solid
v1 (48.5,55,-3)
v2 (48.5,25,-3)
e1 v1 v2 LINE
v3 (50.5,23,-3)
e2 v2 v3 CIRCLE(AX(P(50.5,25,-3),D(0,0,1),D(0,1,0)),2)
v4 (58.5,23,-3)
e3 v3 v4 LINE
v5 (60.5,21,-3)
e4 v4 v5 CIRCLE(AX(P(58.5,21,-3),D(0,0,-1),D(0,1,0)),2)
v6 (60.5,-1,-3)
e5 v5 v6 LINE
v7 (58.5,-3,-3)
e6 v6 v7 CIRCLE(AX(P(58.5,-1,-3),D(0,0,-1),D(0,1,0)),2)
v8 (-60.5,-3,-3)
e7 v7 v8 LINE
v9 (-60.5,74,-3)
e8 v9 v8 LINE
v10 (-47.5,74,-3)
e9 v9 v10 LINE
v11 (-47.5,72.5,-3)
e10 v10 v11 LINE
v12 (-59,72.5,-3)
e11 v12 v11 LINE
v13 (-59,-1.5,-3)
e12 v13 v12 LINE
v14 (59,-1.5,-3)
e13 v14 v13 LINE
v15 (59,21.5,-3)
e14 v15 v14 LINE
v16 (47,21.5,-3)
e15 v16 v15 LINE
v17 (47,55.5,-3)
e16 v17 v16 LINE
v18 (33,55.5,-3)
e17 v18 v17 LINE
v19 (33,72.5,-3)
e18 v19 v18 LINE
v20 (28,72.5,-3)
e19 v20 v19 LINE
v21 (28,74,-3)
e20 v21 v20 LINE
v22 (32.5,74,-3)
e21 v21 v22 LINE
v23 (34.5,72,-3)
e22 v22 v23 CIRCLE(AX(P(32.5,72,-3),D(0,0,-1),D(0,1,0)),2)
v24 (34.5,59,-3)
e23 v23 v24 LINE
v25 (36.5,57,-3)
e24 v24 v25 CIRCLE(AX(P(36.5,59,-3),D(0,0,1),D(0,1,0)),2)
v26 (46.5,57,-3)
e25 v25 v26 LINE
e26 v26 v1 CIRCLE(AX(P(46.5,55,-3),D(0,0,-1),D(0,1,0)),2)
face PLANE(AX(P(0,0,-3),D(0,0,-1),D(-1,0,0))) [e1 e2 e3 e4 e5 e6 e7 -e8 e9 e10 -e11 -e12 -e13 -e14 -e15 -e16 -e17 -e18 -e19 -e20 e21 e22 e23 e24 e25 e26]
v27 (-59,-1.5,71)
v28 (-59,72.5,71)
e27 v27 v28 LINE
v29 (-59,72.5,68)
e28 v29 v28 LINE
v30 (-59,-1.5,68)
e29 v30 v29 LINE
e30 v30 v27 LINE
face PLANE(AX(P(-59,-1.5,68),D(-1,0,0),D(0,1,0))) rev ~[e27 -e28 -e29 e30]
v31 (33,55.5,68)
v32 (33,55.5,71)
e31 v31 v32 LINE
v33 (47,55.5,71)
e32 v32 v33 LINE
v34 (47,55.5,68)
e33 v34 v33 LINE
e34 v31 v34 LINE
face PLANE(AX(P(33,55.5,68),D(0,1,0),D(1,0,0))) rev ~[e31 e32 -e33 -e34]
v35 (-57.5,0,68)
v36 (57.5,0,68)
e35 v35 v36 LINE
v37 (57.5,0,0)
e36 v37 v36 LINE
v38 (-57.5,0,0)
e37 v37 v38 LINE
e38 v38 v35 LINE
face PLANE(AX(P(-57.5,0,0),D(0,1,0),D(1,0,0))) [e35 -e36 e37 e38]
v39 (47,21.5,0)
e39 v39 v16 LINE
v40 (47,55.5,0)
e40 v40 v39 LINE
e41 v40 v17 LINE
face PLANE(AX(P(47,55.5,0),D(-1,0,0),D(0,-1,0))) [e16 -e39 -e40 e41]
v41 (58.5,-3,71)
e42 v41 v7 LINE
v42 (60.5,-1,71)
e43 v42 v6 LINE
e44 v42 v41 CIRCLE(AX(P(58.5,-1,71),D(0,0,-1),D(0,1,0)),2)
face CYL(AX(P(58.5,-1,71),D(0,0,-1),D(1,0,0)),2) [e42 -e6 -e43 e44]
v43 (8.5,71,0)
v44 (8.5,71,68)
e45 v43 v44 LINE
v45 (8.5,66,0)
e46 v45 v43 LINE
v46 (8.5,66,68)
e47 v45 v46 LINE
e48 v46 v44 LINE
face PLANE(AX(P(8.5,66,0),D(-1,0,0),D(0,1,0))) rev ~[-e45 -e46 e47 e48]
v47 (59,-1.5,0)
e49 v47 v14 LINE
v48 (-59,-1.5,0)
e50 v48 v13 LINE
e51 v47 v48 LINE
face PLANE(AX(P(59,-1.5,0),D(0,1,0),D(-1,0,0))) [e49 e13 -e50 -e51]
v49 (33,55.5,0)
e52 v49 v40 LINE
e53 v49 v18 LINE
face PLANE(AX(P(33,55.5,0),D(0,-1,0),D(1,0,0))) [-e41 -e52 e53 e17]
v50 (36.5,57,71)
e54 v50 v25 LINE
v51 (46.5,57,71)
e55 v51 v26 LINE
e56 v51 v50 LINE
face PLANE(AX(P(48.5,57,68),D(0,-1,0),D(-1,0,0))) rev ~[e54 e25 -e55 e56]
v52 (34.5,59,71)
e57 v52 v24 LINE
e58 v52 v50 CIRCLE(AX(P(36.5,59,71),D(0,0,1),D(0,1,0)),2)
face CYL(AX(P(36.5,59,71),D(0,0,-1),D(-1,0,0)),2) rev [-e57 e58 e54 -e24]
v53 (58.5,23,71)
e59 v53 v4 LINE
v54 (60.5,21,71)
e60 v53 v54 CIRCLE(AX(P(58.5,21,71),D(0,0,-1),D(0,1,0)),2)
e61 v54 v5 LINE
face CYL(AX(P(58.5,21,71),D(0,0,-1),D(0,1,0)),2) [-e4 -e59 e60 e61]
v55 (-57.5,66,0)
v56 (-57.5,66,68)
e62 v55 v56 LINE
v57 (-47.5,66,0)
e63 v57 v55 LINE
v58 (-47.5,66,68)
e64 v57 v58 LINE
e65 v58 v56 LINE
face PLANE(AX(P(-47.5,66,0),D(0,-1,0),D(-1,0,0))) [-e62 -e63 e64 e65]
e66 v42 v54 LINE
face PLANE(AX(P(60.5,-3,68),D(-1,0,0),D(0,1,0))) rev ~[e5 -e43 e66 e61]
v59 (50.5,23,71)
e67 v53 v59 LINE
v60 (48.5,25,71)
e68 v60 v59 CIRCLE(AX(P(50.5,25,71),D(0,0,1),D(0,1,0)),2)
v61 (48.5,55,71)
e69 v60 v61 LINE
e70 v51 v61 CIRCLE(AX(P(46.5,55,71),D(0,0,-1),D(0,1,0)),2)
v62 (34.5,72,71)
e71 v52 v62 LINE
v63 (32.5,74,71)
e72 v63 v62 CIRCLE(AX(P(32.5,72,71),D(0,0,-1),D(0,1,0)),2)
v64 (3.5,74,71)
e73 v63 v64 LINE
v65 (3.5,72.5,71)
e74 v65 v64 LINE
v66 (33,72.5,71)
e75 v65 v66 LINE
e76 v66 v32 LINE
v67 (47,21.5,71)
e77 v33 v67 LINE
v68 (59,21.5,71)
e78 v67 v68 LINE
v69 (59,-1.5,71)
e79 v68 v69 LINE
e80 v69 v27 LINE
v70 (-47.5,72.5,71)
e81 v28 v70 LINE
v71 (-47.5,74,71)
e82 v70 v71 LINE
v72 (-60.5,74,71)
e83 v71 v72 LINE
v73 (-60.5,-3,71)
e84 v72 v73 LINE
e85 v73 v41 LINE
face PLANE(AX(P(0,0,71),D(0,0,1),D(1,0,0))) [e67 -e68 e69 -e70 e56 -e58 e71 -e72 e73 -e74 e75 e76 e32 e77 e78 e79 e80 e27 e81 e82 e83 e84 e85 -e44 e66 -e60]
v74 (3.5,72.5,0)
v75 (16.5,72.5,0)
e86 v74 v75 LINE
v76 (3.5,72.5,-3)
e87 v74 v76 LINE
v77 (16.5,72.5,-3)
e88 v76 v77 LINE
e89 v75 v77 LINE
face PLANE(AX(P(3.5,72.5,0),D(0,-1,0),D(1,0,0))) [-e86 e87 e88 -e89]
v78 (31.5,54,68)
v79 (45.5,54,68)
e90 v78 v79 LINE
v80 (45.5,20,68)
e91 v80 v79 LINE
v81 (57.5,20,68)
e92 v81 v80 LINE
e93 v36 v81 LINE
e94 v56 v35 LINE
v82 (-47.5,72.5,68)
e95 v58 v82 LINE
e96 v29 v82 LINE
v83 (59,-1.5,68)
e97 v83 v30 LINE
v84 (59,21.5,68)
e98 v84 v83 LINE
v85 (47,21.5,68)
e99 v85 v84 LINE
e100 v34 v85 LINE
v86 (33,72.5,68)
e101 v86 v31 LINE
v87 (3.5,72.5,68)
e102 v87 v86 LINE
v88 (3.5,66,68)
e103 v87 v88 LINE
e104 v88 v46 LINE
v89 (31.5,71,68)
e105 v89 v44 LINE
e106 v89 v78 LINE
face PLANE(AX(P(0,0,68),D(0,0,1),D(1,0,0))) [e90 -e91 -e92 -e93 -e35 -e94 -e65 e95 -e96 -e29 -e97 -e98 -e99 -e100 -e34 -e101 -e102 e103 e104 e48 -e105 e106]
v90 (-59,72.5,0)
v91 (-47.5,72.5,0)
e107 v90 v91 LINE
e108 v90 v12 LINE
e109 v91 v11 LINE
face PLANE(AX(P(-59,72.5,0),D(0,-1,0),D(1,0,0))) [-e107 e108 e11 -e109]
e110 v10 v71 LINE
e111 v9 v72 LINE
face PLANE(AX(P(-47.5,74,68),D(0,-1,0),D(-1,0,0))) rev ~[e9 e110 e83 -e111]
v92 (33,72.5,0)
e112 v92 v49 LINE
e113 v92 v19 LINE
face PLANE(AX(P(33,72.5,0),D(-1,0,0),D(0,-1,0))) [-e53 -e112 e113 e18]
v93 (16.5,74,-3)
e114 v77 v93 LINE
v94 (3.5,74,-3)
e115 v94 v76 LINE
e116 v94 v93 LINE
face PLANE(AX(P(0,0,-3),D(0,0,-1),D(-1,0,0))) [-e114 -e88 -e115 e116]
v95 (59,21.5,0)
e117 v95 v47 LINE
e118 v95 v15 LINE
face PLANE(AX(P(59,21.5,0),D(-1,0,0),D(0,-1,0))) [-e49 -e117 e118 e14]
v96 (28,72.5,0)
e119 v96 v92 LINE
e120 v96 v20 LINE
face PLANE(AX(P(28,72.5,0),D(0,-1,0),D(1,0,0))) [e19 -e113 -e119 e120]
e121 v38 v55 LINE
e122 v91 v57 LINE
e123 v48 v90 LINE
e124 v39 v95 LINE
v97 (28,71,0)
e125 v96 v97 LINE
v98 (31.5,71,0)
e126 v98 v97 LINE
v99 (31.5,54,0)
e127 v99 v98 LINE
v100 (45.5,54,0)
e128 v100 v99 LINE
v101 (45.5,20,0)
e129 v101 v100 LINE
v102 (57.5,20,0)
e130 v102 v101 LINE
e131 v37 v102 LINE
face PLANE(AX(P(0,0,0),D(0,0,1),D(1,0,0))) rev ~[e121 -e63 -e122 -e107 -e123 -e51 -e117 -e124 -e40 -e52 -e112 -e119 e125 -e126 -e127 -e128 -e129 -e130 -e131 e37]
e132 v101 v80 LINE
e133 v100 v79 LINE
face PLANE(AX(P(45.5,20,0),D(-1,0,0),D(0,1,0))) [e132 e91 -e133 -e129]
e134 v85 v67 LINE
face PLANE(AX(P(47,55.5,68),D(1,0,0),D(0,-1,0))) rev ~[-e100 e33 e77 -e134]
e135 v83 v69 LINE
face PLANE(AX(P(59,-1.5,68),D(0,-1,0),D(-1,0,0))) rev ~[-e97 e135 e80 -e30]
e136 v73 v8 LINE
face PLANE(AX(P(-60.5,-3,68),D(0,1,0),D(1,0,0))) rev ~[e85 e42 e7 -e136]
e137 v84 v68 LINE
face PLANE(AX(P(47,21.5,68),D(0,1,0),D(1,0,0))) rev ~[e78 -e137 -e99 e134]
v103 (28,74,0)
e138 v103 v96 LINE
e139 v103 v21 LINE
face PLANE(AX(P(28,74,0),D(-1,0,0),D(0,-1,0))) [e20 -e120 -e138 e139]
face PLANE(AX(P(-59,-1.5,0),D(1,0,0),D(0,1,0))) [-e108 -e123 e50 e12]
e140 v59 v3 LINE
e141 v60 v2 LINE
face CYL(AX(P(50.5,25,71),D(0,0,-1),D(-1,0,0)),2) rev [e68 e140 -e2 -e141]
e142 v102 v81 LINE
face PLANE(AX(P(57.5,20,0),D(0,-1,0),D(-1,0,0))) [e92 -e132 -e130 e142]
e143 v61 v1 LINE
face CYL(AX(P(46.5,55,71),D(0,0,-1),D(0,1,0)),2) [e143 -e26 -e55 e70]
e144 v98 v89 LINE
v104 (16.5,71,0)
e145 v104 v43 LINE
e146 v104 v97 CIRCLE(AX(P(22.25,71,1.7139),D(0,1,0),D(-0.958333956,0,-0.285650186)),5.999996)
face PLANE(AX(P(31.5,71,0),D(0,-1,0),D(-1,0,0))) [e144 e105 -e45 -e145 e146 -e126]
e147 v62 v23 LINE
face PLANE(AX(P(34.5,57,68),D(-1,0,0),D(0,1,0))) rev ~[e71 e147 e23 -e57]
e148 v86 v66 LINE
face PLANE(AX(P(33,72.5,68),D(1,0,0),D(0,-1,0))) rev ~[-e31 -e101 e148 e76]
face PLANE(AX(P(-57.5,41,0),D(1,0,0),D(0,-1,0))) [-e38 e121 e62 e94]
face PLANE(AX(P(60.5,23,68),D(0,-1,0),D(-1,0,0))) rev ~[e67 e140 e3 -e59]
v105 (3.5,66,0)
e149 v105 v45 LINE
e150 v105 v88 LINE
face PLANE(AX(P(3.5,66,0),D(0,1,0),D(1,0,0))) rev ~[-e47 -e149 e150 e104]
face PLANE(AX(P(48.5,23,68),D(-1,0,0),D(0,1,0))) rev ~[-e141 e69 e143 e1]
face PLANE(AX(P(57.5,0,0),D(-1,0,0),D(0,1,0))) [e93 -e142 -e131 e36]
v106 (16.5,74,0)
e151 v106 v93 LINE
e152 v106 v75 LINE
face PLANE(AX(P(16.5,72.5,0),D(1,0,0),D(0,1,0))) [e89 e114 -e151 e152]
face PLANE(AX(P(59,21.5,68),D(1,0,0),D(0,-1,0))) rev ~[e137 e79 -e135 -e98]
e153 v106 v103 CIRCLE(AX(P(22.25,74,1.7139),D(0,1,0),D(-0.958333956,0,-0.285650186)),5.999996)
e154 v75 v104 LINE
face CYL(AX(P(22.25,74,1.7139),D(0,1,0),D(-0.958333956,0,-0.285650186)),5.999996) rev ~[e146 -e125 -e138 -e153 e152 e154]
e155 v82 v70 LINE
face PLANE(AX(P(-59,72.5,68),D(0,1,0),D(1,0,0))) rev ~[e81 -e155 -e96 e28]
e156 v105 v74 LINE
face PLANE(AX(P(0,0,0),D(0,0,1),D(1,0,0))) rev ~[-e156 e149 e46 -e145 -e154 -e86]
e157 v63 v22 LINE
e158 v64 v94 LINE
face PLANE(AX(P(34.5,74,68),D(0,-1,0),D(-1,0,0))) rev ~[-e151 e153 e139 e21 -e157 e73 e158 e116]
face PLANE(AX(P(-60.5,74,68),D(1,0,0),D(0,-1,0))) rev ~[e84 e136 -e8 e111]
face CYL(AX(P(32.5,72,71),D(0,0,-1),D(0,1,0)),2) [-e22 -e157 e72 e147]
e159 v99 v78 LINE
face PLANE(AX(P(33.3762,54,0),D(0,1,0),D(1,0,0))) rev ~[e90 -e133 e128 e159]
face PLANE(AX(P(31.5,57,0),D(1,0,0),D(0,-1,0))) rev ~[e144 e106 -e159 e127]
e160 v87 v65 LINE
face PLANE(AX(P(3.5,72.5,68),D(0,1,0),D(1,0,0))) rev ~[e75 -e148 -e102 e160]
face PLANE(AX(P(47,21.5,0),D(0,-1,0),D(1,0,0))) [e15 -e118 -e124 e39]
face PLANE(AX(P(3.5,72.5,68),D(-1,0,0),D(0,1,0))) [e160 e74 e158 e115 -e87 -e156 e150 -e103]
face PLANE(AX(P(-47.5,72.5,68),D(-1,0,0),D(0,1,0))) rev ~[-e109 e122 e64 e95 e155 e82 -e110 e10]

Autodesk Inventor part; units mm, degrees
ref_plane "YZ Plane" through (0, 0, 0) normal (1, 0, 0) x (0, 1, 0)
ref_plane "XZ Plane" through (0, 0, 0) normal (0, 1, 0) x (-1, 0, 0)
ref_plane "XY Plane" through (0, 0, 0) normal (0, 0, 1) x (1, 0, 0)
sketch "Skizze1" plane through (0, 0, 0) normal (0, 0, 1) x (1, 0, 0)
  line L0 (-57.5, 0) -> (57.5, 0)
  line L1 (57.5, 0) -> (57.5, 20)
  line L2 (57.5, 20) -> (45.5, 20)
  line L3 (45.5, 20) -> (45.5, 54)
  line L4 (-57.5, 41) -> (-57.5, 0)
  line L5 (-57.5, 41) -> (-57.5, 41)
  line L6 (-57.5, 54) -> (-57.5, 54)
  line L7 (-57.5, 54) -> (-57.5, 41)
  line L8 (31.5, 71) -> (31.5, 54)
  line L9 (31.5, 54) -> (45.5, 54)
  circle A0 centre (-52, 2.832) radius 1.25
  circle A1 centre (30.6262, 2.832) radius 1.25
  circle A2 centre (30.6262, 51.168) radius 1.25
  circle A3 centre (-44.507, 51.168) radius 1.25
  line L10 (33.3762, 2.832) -> (33.3762, 0)
  line L11 (33.3762, 0) -> (27.8762, 0)
  line L12 (27.8762, 0) -> (27.8762, 2.832)
  arc A4 (33.3762, 2.832) -> (27.8762, 2.832) centre (30.6262, 2.832) ccw
  line L13 (-49.25, 0) -> (-49.25, 2.832)
  line L14 (-54.75, 0) -> (-54.75, 2.832)
  line L15 (-49.25, 0) -> (-54.75, 0)
  arc A5 (-49.25, 2.832) -> (-54.75, 2.832) centre (-52, 2.832) ccw
  line L16 (33.3762, 51.168) -> (33.3762, 54)
  line L17 (33.3762, 54) -> (27.8762, 54)
  line L18 (27.8762, 54) -> (27.8762, 51.168)
  arc A6 (27.8762, 51.168) -> (33.3762, 51.168) centre (30.6262, 51.168) ccw
  line L19 (-41.757, 51.168) -> (-41.757, 54)
  line L20 (-41.757, 54) -> (-47.257, 54)
  line L21 (-47.257, 54) -> (-47.257, 51.168)
  arc A7 (-47.257, 51.168) -> (-41.757, 51.168) centre (-44.507, 51.168) ccw
  line L22 (-57.5, 54) -> (31.5, 54)
  line L23 (31.5, 54) -> (31.5, 57)
  line L24 (31.5, 57) -> (-57.5, 57)
  line L25 (-57.5, 57) -> (-57.5, 54)
  line L26 (31.5, 71) -> (-57.5, 71)
  line L27 (-57.5, 71) -> (-57.5, 54)
  line L28 (48.5, 23) -> (60.5, 23)
  line L29 (60.5, 23) -> (60.5, -3)
  line L30 (60.5, -3) -> (-60.5, -3)
  line L31 (-60.5, -3) -> (-60.5, 44)
  line L32 (-60.5, 44) -> (-60.5, 44)
  line L33 (-60.5, 44) -> (-60.5, 57)
  line L34 (-60.5, 57) -> (-60.5, 57)
  line L35 (-60.5, 57) -> (-60.5, 74)
  line L36 (-60.5, 74) -> (34.5, 74)
  line L37 (34.5, 74) -> (34.5, 57)
  line L38 (34.5, 57) -> (48.5, 57)
  line L39 (48.5, 57) -> (48.5, 23)
  line L40 (-57.5, 71) -> (-47.5, 71)
  line L41 (-47.5, 71) -> (-47.5, 66)
  line L42 (-47.5, 66) -> (-57.5, 66)
  line L43 (-57.5, 66) -> (-57.5, 71)
  line L44 (8.5, 71) -> (3.5, 71)
  line L45 (3.5, 71) -> (3.5, 66)
  line L46 (3.5, 66) -> (8.5, 66)
  line L47 (8.5, 66) -> (8.5, 71)
  line L48 (-47.5, 71) -> (3.5, 71)
  line L49 (3.5, 71) -> (3.5, 74)
  line L50 (3.5, 74) -> (-47.5, 74)
  line L51 (-47.5, 74) -> (-47.5, 71)
  point P0 (0, 0)
  point P1 (0, 0)
  point P2 (0, 0)
  point P3 (0, 0)
  dimension "d0" = 115
  dimension "d1" = 12
  dimension "d2" = 20
  dimension "d3" = 41
  dimension "d4" = 54
  dimension "d5" = 5.5
  dimension "d6" = 82.6262
  dimension "d7" = 2.5
  dimension "d8" = 2.832
  dimension "d9" = 7.493
  dimension "d10" = 48.336
  dimension "d11" = 5.5
  dimension "d12" = 5.5
  dimension "d13" = 5.5
  dimension "d14" = 5.5
  dimension "d15" = 3
  dimension "d16" = 0
  dimension "d17" = 89
  dimension "d18" = 71
  dimension "d19" = 3
  dimension "d20" = 2.832
  dimension "d29" = 10
  dimension "d30" = 5
  dimension "d31" = 5
  dimension "d34" = 51
  dimension "d40" = 0
extrude "Extrusion1" add sketch "Skizze1" along normal blind 68 contours L0 L1 L2 L3 L9 L8 L26 L49 L36 L37 L38 L39 L28 L29 L30 L31 L33 L35 L51 L27 L25 L7 L4 | L27 L26 L41 L42 | L47 L46 L45 L26
sketch "Skizze3" plane through (3.5, 74, 0) normal (0, 1, 0) x (1, 0, 0)
  line L0 (31, 0) -> (31, -68) projected
  line L1 (28, 0) -> (5, 0) projected
  arc A0 (13, 0) -> (24.5, 0) centre (18.75, -1.7139) ccw
  line L2 (13, 0) -> (24.5, 0)
  point P0 (-3.5, 0)
  dimension "d35" = 6
  dimension "d36" = 12.25
  dimension "d39" = 11.5
extrude "Extrusion4" cut sketch "Skizze3" against normal up to surface (3 mm away)
sketch "Skizze4" plane through (0, 0, 68) normal (0, 0, 1) x (1, 0, 0)
  line L0 (57.5, 0) -> (-57.5, 0) projected
  line L1 (-47.5, 74) -> (-60.5, 74) projected
  line L2 (-60.5, 74) -> (-60.5, -3) projected
  line L3 (48.5, 23) -> (48.5, 57) projected
  line L4 (48.5, 57) -> (34.5, 57) projected
  line L5 (34.5, 74) -> (3.5, 74) projected
  line L6 (-47.5, 74) -> (-60.5, 74)
  line L7 (-60.5, 74) -> (-60.5, -3)
  line L8 (-60.5, -3) -> (60.5, -3)
  line L9 (60.5, -3) -> (60.5, 23)
  line L10 (60.5, 23) -> (48.5, 23)
  line L11 (48.5, 23) -> (48.5, 57)
  line L12 (48.5, 57) -> (34.5, 57)
  line L13 (34.5, 57) -> (34.5, 74)
  line L14 (34.5, 74) -> (3.5, 74)
  line L15 (3.5, 72.5) -> (33, 72.5)
  line L16 (33, 72.5) -> (33, 55.5)
  line L17 (33, 55.5) -> (47, 55.5)
  line L18 (47, 55.5) -> (47, 21.5)
  line L19 (47, 21.5) -> (59, 21.5)
  line L20 (59, 21.5) -> (59, -1.5)
  line L21 (59, -1.5) -> (-59, -1.5)
  line L22 (-59, -1.5) -> (-59, 72.5)
  line L23 (-59, 72.5) -> (-47.5, 72.5)
  line L24 (3.5, 72.5) -> (3.5, 74)
  line L25 (-47.5, 72.5) -> (-47.5, 74)
  point P0 (0, 0)
  dimension "d41" = 1.5
extrude "Extrusion5" add sketch "Skizze4" along normal blind 3
sketch "Skizze5" plane through (0, 0, 0) normal (0, 0, -1) x (-1, 0, 0)
  line L0 (-34.5, 74) -> (-34.5, 57) projected
  line L1 (-48.5, 23) -> (-60.5, 23) projected
  line L2 (47.5, 74) -> (47.5, 66) projected
  line L3 (-28, 74) -> (-34.5, 74)
  line L4 (-34.5, 74) -> (-34.5, 57)
  line L5 (-34.5, 57) -> (-48.5, 57)
  line L6 (-48.5, 57) -> (-48.5, 23)
  line L7 (-48.5, 23) -> (-60.5, 23)
  line L8 (-60.5, 23) -> (-60.5, -3)
  line L9 (60.5, 74) -> (60.5, -3) projected
  line L10 (-60.5, -3) -> (60.5, -3)
  line L11 (60.5, -3) -> (60.5, 74)
  line L12 (60.5, 74) -> (47.5, 74)
  line L13 (-28, 72.5) -> (-33, 72.5)
  line L14 (-33, 72.5) -> (-33, 55.5)
  line L15 (-33, 55.5) -> (-47, 55.5)
  line L16 (-47, 55.5) -> (-47, 21.5)
  line L17 (-47, 21.5) -> (-59, 21.5)
  line L18 (-59, 21.5) -> (-59, -1.5)
  line L19 (-59, -1.5) -> (59, -1.5)
  line L20 (59, -1.5) -> (59, 72.5)
  line L21 (59, 72.5) -> (47.5, 72.5)
  line L22 (-28, 74) -> (-28, 72.5)
  line L23 (47.5, 74) -> (60.5, 74) projected
  line L24 (47.5, 66) -> (47.5, 72.5) projected
  line L25 (47.5, 74) -> (47.5, 72.5)
  line L26 (-3.5, 74) -> (-16.5, 74) projected
  line L27 (-3.5, 72.5) -> (-3.5, 66) projected
  line L28 (-16.5, 74) -> (-3.5, 74)
  line L29 (-3.5, 74) -> (-3.5, 72.5)
  line L30 (-3.5, 72.5) -> (-16.5, 72.5)
  line L31 (-16.5, 72.5) -> (-16.5, 74)
  point P0 (0, 0)
  dimension "d44" = 1.5
  dimension "d47" = 1.5
extrude "Extrusion6" add sketch "Skizze5" along normal blind 3
fillet "Rundung1" radius 2 6 edges at (60.5, -3, 34) (60.5, 23, 34) (48.5, 57, 34) (34.5, 74, 34) (34.5, 57, 34) (48.5, 23, 34)
equation "\"d47\" = d44"
properties part number "Display"
